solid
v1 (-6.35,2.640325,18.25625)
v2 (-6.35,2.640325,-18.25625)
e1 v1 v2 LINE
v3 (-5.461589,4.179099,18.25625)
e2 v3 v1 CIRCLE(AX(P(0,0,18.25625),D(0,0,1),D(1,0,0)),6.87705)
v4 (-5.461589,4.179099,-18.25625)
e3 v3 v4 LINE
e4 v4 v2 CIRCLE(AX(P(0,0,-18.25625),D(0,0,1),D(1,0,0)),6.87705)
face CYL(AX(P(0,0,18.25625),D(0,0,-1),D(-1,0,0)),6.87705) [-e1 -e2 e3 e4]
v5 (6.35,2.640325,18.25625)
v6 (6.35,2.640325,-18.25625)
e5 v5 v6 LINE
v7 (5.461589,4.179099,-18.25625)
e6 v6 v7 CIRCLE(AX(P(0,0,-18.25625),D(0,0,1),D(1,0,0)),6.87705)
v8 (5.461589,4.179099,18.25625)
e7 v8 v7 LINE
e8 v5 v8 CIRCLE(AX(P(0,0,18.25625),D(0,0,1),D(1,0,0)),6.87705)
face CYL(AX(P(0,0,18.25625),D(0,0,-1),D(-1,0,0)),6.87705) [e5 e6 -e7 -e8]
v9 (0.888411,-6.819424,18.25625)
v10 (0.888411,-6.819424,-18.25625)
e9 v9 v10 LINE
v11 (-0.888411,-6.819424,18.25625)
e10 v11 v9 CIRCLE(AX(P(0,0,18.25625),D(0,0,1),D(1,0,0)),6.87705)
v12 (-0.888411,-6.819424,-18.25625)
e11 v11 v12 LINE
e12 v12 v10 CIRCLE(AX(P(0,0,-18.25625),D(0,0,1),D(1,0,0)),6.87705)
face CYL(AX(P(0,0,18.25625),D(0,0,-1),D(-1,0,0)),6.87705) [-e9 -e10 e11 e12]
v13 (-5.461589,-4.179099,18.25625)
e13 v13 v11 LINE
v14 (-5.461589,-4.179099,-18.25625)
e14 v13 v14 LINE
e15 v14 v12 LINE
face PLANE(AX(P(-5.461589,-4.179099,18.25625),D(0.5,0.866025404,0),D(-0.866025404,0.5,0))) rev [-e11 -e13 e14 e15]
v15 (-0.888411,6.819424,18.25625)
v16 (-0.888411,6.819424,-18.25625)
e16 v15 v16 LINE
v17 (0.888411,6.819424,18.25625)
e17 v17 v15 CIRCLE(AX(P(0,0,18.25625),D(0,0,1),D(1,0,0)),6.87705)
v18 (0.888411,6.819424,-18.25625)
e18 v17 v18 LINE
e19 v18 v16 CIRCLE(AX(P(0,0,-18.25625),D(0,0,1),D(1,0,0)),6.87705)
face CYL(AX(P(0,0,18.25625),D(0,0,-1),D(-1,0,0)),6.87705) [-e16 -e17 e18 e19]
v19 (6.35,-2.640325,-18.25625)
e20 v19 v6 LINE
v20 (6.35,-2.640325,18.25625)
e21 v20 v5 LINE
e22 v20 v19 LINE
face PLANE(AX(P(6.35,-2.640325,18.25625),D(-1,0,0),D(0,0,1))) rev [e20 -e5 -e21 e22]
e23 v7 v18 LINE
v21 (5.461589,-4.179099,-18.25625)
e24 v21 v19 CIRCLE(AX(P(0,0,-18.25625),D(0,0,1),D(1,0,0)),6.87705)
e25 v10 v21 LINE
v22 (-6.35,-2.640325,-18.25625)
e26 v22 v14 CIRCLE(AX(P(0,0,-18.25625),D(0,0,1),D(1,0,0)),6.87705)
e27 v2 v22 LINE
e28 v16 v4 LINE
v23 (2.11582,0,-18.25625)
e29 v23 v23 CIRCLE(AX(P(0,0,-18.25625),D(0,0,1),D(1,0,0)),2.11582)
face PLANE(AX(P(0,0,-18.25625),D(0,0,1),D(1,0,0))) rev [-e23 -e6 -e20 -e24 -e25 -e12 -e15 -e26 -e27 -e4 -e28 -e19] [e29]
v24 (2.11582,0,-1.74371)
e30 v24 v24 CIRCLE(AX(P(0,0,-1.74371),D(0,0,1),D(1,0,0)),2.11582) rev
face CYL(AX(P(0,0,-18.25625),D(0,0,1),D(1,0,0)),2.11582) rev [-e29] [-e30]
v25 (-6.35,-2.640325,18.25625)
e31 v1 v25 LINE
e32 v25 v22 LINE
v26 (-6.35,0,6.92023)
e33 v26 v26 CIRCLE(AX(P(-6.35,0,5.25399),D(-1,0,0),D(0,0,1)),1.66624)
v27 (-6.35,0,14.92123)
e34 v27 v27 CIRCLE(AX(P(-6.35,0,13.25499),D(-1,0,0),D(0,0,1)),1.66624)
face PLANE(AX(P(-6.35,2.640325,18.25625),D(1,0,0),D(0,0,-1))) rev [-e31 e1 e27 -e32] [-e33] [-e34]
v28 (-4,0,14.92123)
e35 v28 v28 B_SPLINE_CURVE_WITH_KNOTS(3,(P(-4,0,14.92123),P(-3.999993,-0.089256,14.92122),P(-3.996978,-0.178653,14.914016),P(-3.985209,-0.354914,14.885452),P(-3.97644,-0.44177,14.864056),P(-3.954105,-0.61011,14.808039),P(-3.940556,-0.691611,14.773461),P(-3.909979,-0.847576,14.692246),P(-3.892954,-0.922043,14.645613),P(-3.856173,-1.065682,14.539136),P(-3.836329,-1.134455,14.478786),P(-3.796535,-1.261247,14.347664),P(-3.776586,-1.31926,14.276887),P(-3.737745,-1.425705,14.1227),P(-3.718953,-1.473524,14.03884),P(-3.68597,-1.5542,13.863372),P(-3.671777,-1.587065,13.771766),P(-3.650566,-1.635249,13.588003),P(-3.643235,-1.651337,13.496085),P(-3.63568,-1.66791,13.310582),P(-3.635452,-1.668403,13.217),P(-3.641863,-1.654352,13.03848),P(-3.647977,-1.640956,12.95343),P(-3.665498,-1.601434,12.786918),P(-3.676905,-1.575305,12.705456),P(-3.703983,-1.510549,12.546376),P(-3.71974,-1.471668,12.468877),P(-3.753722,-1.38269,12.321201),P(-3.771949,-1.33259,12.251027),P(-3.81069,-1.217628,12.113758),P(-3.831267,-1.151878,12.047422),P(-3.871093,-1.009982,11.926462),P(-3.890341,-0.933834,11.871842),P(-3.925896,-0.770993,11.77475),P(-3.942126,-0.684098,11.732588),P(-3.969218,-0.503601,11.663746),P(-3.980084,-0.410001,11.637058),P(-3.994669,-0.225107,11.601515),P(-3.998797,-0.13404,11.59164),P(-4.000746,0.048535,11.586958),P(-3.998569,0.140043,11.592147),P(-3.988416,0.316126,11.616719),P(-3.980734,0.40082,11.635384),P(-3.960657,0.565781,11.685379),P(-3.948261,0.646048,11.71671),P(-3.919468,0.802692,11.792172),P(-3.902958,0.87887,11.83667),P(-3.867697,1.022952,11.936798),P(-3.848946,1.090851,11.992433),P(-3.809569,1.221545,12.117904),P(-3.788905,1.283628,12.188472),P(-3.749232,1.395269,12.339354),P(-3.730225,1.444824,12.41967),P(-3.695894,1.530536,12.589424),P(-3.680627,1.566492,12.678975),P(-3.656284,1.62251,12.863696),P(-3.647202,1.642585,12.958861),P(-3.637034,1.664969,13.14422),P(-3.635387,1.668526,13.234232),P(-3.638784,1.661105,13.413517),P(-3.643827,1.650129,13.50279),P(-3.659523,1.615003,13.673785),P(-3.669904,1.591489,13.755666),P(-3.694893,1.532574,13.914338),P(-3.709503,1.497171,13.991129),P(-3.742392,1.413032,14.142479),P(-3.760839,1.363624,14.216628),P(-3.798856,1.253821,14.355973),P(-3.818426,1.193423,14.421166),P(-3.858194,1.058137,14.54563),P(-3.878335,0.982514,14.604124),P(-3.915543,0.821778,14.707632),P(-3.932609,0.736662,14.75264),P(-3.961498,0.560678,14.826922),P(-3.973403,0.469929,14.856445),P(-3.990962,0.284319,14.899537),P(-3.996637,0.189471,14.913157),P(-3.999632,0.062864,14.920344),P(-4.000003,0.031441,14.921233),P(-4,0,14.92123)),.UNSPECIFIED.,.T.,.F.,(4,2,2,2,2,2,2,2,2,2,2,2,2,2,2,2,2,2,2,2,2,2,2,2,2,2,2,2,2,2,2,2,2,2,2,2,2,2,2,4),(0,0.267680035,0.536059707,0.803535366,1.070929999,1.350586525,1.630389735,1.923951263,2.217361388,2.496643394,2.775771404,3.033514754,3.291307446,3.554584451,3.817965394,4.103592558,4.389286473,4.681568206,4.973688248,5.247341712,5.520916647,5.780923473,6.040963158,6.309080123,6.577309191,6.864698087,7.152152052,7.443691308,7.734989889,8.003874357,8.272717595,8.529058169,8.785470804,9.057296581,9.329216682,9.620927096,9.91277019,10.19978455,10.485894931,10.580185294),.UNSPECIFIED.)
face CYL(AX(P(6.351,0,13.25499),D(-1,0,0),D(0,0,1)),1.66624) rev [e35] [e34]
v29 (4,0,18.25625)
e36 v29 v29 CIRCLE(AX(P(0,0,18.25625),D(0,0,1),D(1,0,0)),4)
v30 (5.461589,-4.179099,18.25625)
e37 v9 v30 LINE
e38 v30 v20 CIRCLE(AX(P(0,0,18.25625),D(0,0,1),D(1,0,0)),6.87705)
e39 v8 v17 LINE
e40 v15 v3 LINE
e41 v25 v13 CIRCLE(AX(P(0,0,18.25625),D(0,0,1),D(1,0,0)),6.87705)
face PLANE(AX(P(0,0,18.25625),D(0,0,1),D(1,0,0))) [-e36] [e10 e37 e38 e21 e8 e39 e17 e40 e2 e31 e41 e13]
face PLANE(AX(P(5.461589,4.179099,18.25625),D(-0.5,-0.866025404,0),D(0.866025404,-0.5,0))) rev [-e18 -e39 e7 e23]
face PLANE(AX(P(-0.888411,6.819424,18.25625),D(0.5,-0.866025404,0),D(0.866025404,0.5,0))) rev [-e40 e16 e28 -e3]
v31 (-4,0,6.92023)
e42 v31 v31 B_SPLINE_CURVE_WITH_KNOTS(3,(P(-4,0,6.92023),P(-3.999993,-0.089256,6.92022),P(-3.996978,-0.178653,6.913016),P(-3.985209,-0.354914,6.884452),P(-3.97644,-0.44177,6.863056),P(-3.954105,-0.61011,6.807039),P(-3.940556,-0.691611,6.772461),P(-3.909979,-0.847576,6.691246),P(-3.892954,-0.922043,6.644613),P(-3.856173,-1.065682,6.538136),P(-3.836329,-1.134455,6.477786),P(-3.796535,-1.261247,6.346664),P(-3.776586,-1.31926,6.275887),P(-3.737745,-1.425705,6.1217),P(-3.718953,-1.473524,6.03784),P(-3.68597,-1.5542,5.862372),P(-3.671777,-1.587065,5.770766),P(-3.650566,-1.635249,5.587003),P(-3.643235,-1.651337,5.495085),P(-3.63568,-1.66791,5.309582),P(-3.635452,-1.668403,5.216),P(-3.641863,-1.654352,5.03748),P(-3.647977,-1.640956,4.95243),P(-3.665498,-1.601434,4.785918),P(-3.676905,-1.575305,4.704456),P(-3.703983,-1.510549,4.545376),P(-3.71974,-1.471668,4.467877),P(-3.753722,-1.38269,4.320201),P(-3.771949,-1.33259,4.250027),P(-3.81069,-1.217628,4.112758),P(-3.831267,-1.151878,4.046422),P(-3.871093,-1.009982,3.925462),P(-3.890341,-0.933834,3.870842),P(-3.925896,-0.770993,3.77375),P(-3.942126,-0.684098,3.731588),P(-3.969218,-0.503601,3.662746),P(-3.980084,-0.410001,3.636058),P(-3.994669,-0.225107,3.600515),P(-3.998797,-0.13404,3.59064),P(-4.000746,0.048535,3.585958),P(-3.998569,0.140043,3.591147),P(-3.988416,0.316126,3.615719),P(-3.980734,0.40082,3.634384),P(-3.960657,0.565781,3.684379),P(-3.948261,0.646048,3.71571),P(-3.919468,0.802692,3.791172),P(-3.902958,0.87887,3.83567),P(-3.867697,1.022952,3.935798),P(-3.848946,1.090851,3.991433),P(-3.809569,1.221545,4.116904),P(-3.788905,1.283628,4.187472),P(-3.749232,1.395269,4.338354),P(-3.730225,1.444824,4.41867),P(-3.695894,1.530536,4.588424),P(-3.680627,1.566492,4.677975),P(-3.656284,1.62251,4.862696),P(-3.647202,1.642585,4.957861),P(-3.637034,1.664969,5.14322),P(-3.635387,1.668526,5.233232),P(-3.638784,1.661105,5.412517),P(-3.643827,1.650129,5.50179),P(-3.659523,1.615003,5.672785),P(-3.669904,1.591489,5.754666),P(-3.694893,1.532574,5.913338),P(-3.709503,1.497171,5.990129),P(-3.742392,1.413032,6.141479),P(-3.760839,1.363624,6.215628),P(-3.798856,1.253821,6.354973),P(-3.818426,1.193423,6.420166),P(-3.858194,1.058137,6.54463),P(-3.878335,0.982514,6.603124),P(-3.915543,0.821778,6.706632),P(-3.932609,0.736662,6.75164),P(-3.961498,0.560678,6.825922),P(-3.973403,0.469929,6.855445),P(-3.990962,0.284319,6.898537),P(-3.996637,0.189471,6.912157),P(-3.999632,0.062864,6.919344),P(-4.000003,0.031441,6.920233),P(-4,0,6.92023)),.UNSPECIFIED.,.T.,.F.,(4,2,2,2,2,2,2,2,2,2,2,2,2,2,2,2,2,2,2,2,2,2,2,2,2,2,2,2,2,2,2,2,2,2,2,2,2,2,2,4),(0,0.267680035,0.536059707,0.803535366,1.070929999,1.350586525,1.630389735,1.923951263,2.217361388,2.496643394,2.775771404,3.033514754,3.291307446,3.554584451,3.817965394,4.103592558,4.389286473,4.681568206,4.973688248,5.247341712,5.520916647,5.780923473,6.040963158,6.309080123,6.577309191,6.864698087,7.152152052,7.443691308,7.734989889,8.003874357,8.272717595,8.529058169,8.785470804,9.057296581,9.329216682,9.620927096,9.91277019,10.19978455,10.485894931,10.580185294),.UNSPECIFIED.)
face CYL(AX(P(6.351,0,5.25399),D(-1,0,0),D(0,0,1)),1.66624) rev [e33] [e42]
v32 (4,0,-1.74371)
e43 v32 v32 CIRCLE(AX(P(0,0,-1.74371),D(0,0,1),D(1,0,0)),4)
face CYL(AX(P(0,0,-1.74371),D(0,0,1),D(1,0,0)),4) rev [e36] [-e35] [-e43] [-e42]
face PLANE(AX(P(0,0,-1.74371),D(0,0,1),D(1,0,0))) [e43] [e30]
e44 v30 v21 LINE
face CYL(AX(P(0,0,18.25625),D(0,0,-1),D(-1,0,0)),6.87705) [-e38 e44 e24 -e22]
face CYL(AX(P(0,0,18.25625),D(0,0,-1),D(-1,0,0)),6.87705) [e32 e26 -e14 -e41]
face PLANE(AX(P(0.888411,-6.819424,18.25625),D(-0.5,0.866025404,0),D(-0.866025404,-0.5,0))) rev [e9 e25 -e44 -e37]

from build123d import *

# Parameters (mm, degrees)
SKETCH1_R               = 6.35
BASIC_ROD_DEPTH         = 18.25625
BASIC_ROD_DEPTH_BACK    = 18.25625
THEX_DEPTH              = 18.25625
SKETCH2_R               = 2.11582
INTERNAL_CUT_DEPTH      = 19.25625
INTERNAL_CUT_DEPTH_BACK = 19.25625
SKETCH9_R               = 4
CUT_EXTRUDE1_DEPTH      = 19.99996
CUT_EXTRUDE2_REACH      = 14.7
SKETCH10_R              = 1.66624


with BuildPart() as part:
    # Sketch1 → Basic Rod (new body, two sides)
    with BuildSketch(Plane.XY) as basic_rod_sk:
        Circle(SKETCH1_R)
    extrude(amount=BASIC_ROD_DEPTH)
    extrude(basic_rod_sk.sketch, amount=-BASIC_ROD_DEPTH_BACK)

    # Sketch8 → THex (add, symmetric)
    with BuildSketch(Plane.XY):
        with BuildLine():
            Line((-0.888411378, 6.819423871), (-5.461588622, 4.179098758))
            ThreePointArc((-5.461588622, 4.179098758), (-5.955700003, 3.438525), (-6.35, 2.640325113))
            Line((-6.35, 2.640325113), (-6.35, -2.640325113))
            ThreePointArc((-6.35, -2.640325113), (-5.955700003, -3.438525), (-5.461588622, -4.179098758))
            Line((-5.461588622, -4.179098758), (-0.888411378, -6.819423871))
            ThreePointArc((-0.888411378, -6.819423871), (0, -6.87705), (0.888411378, -6.819423871))
            Line((0.888411378, -6.819423871), (5.461588622, -4.179098758))
            ThreePointArc((5.461588622, -4.179098758), (5.955700003, -3.438525), (6.35, -2.640325113))
            Line((6.35, -2.640325113), (6.35, 2.640325113))
            ThreePointArc((6.35, 2.640325113), (5.955700003, 3.438525), (5.461588622, 4.179098758))
            Line((5.461588622, 4.179098758), (0.888411378, 6.819423871))
            ThreePointArc((0.888411378, 6.819423871), (0, 6.87705), (-0.888411378, 6.819423871))
        make_face()
    extrude(amount=THEX_DEPTH, both=True)

    # Sketch2 → Internal Cut (cut, two sides)
    with BuildSketch(Plane.XY) as internal_cut_sk:
        Circle(SKETCH2_R)
    extrude(amount=INTERNAL_CUT_DEPTH, mode=Mode.SUBTRACT)
    extrude(internal_cut_sk.sketch, amount=-INTERNAL_CUT_DEPTH_BACK, mode=Mode.SUBTRACT)

    # Sketch9 → Cut-Extrude1 (cut)
    with BuildSketch(Plane.XY.offset(18.25625)):
        Circle(SKETCH9_R)
    extrude(amount=-CUT_EXTRUDE1_DEPTH, mode=Mode.SUBTRACT)

    # Sketch10 → Cut-Extrude2 (cut, up to next)
    with BuildSketch(Plane.ZY.offset(6.35), mode=Mode.PRIVATE) as cut_extrude2_sk1:
        with Locations((5.25399, 0)):
            Circle(SKETCH10_R)
    cut_extrude2_tool1 = extrude(cut_extrude2_sk1.sketch, amount=-CUT_EXTRUDE2_REACH, mode=Mode.PRIVATE) & part.part
    add(cut_extrude2_tool1.solids().sort_by_distance((-6.35, 0, 5.25399))[0], mode=Mode.SUBTRACT)
    # Sketch10 → Cut-Extrude2 (cut, up to next)
    with BuildSketch(Plane.ZY.offset(6.35), mode=Mode.PRIVATE) as cut_extrude2_sk2:
        with Locations((13.25499, 0)):
            Circle(SKETCH10_R)
    cut_extrude2_tool2 = extrude(cut_extrude2_sk2.sketch, amount=-CUT_EXTRUDE2_REACH, mode=Mode.PRIVATE) & part.part
    add(cut_extrude2_tool2.solids().sort_by_distance((-6.35, 0, 13.25499))[0], mode=Mode.SUBTRACT)


solid = part.part
